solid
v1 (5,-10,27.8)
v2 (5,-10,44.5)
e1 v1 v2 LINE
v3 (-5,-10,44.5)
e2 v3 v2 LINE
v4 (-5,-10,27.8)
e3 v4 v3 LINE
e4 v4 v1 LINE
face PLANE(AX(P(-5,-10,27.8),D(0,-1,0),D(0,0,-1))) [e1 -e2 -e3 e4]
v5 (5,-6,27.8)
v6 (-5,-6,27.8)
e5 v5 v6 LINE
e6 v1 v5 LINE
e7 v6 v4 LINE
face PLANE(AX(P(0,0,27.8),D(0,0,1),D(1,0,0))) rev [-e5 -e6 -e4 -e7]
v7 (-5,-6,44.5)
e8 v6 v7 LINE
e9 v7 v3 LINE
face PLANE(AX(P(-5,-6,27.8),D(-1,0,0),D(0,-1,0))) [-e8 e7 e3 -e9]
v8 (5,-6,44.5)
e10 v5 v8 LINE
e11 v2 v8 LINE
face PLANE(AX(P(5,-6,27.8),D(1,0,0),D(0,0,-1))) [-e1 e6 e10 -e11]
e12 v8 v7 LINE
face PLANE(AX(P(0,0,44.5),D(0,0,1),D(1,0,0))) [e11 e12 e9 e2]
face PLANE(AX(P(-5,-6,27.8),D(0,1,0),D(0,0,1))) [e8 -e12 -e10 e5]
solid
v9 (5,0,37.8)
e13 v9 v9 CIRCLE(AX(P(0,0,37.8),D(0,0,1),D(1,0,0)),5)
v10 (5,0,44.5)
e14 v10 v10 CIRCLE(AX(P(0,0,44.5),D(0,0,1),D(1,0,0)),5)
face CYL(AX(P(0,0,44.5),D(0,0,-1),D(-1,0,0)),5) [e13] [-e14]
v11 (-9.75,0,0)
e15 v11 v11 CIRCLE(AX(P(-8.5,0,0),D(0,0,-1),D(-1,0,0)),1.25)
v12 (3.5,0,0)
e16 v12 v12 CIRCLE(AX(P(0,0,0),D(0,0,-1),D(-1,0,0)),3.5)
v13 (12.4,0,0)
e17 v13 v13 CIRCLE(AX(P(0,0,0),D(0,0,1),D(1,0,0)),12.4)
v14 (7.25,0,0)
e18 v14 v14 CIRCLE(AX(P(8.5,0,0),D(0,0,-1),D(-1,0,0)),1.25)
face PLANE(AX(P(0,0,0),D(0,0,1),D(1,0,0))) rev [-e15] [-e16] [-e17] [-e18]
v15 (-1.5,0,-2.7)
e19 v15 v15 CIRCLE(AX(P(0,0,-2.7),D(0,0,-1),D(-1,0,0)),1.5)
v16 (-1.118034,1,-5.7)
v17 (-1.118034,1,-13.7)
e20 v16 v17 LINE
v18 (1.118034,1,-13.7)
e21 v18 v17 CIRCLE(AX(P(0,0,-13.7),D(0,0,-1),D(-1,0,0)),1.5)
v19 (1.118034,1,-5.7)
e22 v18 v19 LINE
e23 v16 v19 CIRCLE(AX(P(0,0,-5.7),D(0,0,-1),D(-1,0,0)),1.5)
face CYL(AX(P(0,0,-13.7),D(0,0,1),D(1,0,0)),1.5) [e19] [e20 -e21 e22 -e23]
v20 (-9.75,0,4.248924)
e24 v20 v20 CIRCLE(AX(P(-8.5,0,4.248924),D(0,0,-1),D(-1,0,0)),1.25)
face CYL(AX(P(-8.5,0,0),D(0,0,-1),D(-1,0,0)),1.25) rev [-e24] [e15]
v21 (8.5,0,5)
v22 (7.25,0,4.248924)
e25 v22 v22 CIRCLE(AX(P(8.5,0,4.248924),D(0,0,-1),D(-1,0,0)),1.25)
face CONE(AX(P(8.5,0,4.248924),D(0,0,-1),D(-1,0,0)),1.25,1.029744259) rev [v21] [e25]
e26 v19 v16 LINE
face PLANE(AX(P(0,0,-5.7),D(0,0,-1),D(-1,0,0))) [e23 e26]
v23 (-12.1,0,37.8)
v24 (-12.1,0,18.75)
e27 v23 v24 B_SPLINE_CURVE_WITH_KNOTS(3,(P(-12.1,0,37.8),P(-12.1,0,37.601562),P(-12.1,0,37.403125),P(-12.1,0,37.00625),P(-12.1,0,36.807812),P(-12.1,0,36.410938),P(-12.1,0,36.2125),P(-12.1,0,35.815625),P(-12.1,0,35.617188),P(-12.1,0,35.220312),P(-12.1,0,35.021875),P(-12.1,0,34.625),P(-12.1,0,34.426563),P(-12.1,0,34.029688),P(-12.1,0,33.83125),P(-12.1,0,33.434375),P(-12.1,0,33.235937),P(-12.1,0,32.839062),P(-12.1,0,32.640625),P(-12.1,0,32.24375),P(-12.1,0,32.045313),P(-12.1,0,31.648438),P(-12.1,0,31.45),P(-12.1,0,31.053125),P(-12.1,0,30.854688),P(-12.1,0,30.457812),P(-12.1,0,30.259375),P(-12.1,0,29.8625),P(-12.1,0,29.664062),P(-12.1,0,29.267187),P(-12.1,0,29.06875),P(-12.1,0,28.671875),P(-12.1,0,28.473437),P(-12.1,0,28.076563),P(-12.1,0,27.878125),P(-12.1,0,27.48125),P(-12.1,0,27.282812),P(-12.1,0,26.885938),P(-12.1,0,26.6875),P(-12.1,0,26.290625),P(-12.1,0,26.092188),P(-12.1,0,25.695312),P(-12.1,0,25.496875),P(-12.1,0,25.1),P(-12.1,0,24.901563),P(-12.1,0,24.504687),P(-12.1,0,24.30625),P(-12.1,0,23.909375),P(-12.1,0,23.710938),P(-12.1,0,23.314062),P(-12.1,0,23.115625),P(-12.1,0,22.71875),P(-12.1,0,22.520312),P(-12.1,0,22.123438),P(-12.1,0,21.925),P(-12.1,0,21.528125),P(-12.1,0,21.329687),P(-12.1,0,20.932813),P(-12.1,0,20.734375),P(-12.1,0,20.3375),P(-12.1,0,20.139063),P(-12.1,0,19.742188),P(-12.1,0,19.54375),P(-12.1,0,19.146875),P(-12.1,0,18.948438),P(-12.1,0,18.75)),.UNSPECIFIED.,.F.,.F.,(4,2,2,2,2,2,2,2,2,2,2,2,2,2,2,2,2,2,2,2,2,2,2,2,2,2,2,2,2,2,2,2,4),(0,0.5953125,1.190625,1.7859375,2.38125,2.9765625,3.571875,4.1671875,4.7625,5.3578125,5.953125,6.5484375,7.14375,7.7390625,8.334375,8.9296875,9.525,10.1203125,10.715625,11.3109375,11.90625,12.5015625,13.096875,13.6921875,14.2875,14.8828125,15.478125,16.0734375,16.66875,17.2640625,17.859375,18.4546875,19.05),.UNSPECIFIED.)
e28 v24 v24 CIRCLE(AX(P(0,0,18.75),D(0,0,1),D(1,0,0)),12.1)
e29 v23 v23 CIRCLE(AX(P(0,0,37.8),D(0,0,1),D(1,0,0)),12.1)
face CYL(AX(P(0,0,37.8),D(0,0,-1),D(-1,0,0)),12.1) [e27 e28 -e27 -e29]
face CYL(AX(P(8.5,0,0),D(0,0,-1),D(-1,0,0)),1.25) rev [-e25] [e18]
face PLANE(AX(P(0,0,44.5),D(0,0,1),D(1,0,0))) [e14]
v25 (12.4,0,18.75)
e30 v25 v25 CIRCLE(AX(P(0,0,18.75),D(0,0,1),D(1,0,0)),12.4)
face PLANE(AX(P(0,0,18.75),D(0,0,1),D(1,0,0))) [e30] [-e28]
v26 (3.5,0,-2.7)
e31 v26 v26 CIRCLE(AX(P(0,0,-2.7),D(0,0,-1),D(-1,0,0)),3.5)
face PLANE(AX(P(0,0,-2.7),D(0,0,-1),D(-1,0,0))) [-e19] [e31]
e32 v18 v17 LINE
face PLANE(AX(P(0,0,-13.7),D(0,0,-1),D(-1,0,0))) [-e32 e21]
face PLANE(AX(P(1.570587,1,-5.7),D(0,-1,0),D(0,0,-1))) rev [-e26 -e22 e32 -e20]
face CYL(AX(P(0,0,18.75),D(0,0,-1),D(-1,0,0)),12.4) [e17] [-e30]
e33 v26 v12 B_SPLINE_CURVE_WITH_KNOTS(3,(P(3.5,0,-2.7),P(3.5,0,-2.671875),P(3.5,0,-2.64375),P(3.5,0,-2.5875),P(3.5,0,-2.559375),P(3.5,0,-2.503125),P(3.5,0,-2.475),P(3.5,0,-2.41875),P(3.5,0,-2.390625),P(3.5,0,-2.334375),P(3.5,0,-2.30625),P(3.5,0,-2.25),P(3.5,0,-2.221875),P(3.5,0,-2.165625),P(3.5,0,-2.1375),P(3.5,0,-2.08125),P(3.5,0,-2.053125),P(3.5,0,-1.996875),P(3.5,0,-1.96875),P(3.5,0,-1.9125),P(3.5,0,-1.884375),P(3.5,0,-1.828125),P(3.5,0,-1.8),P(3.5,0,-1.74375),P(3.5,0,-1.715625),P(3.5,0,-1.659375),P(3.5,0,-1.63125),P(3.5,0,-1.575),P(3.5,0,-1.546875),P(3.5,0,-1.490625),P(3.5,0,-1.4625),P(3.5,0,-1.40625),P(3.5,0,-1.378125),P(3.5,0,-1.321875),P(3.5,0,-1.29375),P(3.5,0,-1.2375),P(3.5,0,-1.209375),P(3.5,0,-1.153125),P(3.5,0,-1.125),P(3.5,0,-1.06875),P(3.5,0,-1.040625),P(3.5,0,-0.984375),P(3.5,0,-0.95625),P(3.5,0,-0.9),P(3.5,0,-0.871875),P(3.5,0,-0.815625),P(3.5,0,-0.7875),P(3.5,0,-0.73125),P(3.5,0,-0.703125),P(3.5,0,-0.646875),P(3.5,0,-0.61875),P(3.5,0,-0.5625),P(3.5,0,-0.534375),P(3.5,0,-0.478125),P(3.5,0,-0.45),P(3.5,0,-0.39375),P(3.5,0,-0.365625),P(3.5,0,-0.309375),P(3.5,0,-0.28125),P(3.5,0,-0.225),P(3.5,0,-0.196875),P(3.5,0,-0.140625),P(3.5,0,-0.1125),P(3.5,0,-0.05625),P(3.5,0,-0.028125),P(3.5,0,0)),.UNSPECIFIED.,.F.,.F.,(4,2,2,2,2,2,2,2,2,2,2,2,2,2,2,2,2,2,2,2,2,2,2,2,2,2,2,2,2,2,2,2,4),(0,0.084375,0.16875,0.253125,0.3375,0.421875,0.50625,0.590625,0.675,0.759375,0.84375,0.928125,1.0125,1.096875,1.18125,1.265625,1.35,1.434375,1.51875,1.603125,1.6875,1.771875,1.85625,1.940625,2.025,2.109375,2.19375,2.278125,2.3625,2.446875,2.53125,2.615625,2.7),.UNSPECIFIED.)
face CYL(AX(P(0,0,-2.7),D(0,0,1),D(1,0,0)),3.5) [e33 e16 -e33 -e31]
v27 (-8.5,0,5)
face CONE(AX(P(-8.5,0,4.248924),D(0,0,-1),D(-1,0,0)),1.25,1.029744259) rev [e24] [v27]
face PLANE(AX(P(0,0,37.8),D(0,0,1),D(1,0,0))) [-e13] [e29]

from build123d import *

# Parameters (mm, degrees)
SKETCH_1_R                  = 12.4
EXTRUDE_1_DEPTH             = 18.75
SKETCH_2_R                  = 12.1
EXTRUDE_2_DEPTH             = 19.05
SKETCH_3_R                  = 3.5
EXTRUDE_3_DEPTH             = 2.7
SKETCH_4_R                  = 1.5
EXTRUDE_4_DEPTH             = 11
SKETCH_5_W                  = 3.74465869
SKETCH_5_H                  = 1.716918609
CUT_EXTRUDE_1_DEPTH         = 8
SKETCH_6_R                  = 5
EXTRUDE_5_DEPTH             = 6.7
SKETCH_7_W                  = 10
SKETCH_7_H                  = 4
EXTRUDE_6_DEPTH             = 16.7
HOLE_WIZARD_M3_1_AT_2_COUNT = 2
HOLE_WIZARD_M3_1_AT_2_PITCH = 17


with BuildPart() as part:
    # 草图1 → 凸台-拉伸1 (new body)
    with BuildSketch(Plane.XY):
        Circle(SKETCH_1_R)
    extrude(amount=EXTRUDE_1_DEPTH)

    # 草图2 → 凸台-拉伸2 (add)
    with BuildSketch(Plane.XY.offset(18.75)):
        with Locations(Location((0, 0, 0), (0, 0, 180))):
            Circle(SKETCH_2_R)
    extrude(amount=EXTRUDE_2_DEPTH)

    # 草图3 → 凸台-拉伸3 (add)
    with BuildSketch(Plane(origin=(0, 0, 0), x_dir=(-1, 0, 0), z_dir=(0, 0, -1))):
        with Locations(Location((0, 0, 0), (0, 0, 180))):
            Circle(SKETCH_3_R)
    extrude(amount=EXTRUDE_3_DEPTH)

    # 草图4 → 凸台-拉伸4 (add)
    with BuildSketch(Plane(origin=(0, 0, -2.7), x_dir=(-1, 0, 0), z_dir=(0, 0, -1))):
        Circle(SKETCH_4_R)
    extrude(amount=EXTRUDE_4_DEPTH)

    # 草图5 → 切除-拉伸1 (cut)
    with BuildSketch(Plane(origin=(0, 0, -13.7), x_dir=(-1, 0, 0), z_dir=(0, 0, -1))):
        with Locations((0.301742381, 1.858459305)):
            Rectangle(SKETCH_5_W, SKETCH_5_H)
    extrude(amount=-CUT_EXTRUDE_1_DEPTH, mode=Mode.SUBTRACT)

    # 草图6 → 凸台-拉伸5 (add)
    with BuildSketch(Plane.XY.offset(37.8)):
        Circle(SKETCH_6_R)
    extrude(amount=EXTRUDE_5_DEPTH)

    # 草图9 → M3 螺纹孔1 (revolve, cut)
    with BuildSketch(Plane.YZ.offset(-8.5)):
        Polygon((0, 0), (0, 5), (1.25, 4.248924226), (1.25, 0), align=None)
    hole_wizard_m3_1 = revolve(axis=Axis((-8.5, 0, -6.35), (0, 0, 1)), mode=Mode.SUBTRACT)

    # M3 螺纹孔1 at 2: M3 螺纹孔1 ×2
    with Locations(*[(i * HOLE_WIZARD_M3_1_AT_2_PITCH, 0, 0) for i in range(1, HOLE_WIZARD_M3_1_AT_2_COUNT)]):
        add(hole_wizard_m3_1, mode=Mode.SUBTRACT)


with BuildPart() as body_2:
    # 草图7 → 凸台-拉伸6 (new body)
    with BuildSketch(Plane.XY.offset(44.5)):
        with Locations((0, -8)):
            Rectangle(SKETCH_7_W, SKETCH_7_H)
    extrude(amount=-EXTRUDE_6_DEPTH)


solid = Compound([part.part, body_2.part])
